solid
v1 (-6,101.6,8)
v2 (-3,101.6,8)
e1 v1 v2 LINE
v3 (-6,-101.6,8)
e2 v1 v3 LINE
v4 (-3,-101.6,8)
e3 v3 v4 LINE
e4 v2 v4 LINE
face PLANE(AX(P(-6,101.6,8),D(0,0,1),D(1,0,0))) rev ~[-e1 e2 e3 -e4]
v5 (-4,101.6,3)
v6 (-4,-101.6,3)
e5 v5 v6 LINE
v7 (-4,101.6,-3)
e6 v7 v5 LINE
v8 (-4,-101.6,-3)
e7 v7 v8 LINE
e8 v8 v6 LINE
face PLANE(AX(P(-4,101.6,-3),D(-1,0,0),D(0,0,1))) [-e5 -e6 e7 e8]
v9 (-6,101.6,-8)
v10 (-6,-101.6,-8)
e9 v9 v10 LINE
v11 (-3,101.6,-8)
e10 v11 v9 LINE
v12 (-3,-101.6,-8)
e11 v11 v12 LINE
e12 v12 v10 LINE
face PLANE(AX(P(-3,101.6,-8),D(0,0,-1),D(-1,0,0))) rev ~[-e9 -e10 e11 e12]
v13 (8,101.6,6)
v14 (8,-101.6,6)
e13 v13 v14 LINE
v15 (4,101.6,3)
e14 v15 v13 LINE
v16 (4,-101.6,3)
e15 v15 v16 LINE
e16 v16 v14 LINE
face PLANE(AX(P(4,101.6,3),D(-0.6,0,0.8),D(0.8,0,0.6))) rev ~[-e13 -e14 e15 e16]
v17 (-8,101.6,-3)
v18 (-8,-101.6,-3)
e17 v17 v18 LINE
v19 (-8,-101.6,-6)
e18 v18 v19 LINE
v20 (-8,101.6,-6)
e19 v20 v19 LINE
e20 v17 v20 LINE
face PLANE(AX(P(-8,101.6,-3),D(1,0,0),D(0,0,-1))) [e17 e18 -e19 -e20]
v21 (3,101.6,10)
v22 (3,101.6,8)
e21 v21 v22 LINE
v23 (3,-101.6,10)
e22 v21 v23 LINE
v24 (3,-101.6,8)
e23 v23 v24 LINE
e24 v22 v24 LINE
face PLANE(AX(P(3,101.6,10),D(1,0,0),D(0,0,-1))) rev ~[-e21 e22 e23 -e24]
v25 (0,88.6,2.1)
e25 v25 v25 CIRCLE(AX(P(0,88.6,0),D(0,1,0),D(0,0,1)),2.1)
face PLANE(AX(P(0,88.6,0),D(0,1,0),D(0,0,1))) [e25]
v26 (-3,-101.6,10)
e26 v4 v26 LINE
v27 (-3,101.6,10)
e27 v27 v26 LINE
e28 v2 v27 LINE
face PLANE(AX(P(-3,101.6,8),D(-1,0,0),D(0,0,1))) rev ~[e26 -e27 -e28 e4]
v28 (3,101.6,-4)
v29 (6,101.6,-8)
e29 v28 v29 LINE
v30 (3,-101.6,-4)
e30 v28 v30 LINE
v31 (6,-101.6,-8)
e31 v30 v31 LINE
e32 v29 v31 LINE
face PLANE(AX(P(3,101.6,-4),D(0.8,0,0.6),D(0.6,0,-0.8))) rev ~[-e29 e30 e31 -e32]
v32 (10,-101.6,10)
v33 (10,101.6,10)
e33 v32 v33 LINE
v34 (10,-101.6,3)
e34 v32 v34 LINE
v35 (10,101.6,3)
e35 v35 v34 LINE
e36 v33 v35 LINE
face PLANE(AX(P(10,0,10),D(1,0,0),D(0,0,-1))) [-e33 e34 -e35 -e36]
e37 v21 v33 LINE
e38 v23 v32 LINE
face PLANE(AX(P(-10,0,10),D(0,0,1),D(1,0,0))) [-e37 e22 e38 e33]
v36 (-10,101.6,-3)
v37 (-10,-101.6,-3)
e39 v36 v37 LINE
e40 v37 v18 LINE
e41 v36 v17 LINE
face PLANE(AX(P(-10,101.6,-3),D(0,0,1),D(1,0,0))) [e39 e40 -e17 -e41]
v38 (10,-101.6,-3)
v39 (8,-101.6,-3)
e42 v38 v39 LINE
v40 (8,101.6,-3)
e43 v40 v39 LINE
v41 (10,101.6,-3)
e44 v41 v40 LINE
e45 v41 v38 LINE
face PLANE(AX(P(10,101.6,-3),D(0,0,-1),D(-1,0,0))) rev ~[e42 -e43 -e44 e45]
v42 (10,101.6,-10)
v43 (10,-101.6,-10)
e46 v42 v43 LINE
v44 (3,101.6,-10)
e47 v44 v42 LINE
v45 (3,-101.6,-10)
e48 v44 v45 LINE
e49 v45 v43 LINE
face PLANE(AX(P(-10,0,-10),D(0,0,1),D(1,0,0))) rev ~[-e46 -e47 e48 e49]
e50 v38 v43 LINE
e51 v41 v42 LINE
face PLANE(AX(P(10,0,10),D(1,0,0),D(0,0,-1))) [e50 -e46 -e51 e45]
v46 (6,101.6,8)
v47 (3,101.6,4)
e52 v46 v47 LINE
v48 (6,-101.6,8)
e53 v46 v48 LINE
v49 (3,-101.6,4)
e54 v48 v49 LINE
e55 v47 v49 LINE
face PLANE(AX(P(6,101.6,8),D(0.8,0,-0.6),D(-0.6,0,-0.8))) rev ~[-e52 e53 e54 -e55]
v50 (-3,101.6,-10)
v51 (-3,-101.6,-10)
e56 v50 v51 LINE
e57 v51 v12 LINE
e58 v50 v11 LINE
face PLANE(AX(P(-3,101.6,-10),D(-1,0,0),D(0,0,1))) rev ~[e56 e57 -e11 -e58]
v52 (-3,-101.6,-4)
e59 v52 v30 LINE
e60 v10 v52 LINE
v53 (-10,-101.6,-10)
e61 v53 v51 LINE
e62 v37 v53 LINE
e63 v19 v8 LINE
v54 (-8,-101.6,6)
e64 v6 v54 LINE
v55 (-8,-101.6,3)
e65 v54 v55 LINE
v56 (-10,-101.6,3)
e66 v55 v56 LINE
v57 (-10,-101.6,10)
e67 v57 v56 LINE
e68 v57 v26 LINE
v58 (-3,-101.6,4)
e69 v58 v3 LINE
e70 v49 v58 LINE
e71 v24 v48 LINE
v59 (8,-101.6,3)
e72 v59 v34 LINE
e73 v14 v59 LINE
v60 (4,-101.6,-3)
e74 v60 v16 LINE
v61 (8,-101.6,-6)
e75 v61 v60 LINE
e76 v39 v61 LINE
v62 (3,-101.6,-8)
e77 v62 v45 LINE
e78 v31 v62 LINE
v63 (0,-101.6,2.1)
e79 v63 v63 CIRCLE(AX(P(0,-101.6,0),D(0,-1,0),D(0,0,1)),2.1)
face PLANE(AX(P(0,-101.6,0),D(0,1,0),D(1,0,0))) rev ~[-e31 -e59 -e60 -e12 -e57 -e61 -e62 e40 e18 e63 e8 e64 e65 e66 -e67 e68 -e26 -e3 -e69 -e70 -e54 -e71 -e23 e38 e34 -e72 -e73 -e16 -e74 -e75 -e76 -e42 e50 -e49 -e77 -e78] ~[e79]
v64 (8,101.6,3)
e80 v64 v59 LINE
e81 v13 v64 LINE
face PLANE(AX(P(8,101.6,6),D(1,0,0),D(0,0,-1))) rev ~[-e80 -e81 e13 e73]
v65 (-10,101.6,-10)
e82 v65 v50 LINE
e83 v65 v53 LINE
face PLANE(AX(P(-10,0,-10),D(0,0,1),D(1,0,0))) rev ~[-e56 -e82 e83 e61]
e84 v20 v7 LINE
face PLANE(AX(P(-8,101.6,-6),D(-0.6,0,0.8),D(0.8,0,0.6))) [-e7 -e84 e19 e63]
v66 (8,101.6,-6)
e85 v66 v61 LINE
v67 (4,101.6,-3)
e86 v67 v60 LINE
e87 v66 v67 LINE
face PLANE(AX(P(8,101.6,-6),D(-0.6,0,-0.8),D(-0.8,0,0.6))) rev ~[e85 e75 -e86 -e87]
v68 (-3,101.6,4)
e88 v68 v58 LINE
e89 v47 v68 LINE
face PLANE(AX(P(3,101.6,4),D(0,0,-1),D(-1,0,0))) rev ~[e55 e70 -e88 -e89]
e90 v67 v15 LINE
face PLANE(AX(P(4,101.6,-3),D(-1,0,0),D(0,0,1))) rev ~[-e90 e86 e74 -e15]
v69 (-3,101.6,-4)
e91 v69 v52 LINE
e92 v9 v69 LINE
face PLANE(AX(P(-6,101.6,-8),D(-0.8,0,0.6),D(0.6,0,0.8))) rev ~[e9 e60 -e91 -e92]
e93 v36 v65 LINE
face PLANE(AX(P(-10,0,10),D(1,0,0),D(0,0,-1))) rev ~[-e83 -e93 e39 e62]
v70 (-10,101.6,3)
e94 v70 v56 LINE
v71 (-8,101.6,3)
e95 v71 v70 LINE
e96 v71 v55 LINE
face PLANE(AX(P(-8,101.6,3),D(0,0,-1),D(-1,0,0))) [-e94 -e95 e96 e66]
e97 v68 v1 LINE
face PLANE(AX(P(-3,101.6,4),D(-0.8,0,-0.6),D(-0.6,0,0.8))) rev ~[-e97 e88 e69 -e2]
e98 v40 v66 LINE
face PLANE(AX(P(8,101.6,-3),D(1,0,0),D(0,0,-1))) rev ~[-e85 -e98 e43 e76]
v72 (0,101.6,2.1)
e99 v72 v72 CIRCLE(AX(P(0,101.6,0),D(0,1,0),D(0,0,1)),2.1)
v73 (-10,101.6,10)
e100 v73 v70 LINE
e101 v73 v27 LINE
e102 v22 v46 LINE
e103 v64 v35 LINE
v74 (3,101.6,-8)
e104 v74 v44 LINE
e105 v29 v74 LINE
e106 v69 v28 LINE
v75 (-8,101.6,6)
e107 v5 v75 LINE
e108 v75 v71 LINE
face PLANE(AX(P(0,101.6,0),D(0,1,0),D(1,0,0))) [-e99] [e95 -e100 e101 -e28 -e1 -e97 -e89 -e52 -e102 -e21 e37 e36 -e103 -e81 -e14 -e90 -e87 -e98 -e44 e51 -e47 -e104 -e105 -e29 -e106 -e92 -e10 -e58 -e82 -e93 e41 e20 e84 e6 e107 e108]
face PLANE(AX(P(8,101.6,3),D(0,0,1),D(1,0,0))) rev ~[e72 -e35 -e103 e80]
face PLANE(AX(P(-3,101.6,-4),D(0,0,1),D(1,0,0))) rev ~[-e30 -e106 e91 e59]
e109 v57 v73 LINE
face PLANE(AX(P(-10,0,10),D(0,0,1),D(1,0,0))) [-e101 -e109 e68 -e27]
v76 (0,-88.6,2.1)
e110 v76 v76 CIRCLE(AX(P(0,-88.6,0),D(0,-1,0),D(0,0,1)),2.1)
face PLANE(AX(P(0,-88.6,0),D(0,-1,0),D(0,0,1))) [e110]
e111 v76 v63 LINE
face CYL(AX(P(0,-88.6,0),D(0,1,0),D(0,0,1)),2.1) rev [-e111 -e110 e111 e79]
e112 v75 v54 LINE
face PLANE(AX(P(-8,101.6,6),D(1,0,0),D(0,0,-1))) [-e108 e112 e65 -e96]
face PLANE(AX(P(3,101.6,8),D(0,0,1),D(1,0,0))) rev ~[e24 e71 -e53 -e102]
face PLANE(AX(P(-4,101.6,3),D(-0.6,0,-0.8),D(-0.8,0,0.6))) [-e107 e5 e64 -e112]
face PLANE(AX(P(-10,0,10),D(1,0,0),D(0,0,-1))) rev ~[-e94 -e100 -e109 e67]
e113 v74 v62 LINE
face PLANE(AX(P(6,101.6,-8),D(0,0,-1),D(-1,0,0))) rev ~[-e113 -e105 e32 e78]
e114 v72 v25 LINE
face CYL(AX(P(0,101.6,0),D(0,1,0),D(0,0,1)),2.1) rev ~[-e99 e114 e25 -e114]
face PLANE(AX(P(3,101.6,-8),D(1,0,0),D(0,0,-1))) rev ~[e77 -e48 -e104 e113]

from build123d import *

# Parameters (mm, degrees)
SKETCH1_W           = 20
SKETCH1_H           = 20
BOSS_EXTRUDE1_DEPTH = 101.6
CUT_EXTRUDE1_DEPTH  = 203.2
SKETCH3_R           = 2.1
CUT_EXTRUDE2_DEPTH  = 13
CUT_EXTRUDE3_START  = -13
SKETCH4_R           = 2.1
CUT_EXTRUDE3_DEPTH  = 13


with BuildPart() as part:
    # Sketch1 → Boss-Extrude1 (new, symmetric)
    with BuildSketch(Plane(origin=(0, 0, 0), x_dir=(1, 0, 0), z_dir=(0, 1, 0))):
        Rectangle(SKETCH1_W, SKETCH1_H)
    extrude(amount=BOSS_EXTRUDE1_DEPTH, both=True)

    # Sketch2 → Cut-Extrude1 (cut)
    with BuildSketch(Plane(origin=(0, 101.6, 0), x_dir=(1, 0, 0), z_dir=(0, 1, 0))):
        Polygon((-10, -3), (-10, 3), (-8, 3), (-8, 6), (-4.000000001, 3), (-4.000000001, -3), (-8, -6), (-8, -3), align=None)
        Polygon((3, 4.000000001), (6, 8), (3, 8), (3, 10), (-3, 10), (-3, 8), (-6, 8), (-3, 4.000000001), align=None)
        Polygon((4.000000001, -3), (8, -6), (8, -3), (10, -3), (10, 3), (8, 3), (8, 6), (4.000000001, 3), align=None)
        Polygon((-3, -4.000000001), (-6, -8), (-3, -8), (-3, -10), (3, -10), (3, -8), (6, -8), (3, -4.000000001), align=None)
    extrude(amount=-CUT_EXTRUDE1_DEPTH, mode=Mode.SUBTRACT)

    # Sketch3 → Cut-Extrude2 (cut)
    with BuildSketch(Plane(origin=(0, 101.6, 0), x_dir=(1, 0, 0), z_dir=(0, 1, 0))):
        with Locations(Location((0, 0, 0), (0, 0, 270))):
            Circle(SKETCH3_R)
    extrude(amount=-CUT_EXTRUDE2_DEPTH, mode=Mode.SUBTRACT)

    # Sketch4 → Cut-Extrude3 (cut)
    with BuildSketch(Plane.XZ.offset(101.6).offset(CUT_EXTRUDE3_START)):
        with Locations(Location((0, 0, 0), (0, 0, 90))):
            Circle(SKETCH4_R)
    extrude(amount=CUT_EXTRUDE3_DEPTH, mode=Mode.SUBTRACT)


solid = part.part
